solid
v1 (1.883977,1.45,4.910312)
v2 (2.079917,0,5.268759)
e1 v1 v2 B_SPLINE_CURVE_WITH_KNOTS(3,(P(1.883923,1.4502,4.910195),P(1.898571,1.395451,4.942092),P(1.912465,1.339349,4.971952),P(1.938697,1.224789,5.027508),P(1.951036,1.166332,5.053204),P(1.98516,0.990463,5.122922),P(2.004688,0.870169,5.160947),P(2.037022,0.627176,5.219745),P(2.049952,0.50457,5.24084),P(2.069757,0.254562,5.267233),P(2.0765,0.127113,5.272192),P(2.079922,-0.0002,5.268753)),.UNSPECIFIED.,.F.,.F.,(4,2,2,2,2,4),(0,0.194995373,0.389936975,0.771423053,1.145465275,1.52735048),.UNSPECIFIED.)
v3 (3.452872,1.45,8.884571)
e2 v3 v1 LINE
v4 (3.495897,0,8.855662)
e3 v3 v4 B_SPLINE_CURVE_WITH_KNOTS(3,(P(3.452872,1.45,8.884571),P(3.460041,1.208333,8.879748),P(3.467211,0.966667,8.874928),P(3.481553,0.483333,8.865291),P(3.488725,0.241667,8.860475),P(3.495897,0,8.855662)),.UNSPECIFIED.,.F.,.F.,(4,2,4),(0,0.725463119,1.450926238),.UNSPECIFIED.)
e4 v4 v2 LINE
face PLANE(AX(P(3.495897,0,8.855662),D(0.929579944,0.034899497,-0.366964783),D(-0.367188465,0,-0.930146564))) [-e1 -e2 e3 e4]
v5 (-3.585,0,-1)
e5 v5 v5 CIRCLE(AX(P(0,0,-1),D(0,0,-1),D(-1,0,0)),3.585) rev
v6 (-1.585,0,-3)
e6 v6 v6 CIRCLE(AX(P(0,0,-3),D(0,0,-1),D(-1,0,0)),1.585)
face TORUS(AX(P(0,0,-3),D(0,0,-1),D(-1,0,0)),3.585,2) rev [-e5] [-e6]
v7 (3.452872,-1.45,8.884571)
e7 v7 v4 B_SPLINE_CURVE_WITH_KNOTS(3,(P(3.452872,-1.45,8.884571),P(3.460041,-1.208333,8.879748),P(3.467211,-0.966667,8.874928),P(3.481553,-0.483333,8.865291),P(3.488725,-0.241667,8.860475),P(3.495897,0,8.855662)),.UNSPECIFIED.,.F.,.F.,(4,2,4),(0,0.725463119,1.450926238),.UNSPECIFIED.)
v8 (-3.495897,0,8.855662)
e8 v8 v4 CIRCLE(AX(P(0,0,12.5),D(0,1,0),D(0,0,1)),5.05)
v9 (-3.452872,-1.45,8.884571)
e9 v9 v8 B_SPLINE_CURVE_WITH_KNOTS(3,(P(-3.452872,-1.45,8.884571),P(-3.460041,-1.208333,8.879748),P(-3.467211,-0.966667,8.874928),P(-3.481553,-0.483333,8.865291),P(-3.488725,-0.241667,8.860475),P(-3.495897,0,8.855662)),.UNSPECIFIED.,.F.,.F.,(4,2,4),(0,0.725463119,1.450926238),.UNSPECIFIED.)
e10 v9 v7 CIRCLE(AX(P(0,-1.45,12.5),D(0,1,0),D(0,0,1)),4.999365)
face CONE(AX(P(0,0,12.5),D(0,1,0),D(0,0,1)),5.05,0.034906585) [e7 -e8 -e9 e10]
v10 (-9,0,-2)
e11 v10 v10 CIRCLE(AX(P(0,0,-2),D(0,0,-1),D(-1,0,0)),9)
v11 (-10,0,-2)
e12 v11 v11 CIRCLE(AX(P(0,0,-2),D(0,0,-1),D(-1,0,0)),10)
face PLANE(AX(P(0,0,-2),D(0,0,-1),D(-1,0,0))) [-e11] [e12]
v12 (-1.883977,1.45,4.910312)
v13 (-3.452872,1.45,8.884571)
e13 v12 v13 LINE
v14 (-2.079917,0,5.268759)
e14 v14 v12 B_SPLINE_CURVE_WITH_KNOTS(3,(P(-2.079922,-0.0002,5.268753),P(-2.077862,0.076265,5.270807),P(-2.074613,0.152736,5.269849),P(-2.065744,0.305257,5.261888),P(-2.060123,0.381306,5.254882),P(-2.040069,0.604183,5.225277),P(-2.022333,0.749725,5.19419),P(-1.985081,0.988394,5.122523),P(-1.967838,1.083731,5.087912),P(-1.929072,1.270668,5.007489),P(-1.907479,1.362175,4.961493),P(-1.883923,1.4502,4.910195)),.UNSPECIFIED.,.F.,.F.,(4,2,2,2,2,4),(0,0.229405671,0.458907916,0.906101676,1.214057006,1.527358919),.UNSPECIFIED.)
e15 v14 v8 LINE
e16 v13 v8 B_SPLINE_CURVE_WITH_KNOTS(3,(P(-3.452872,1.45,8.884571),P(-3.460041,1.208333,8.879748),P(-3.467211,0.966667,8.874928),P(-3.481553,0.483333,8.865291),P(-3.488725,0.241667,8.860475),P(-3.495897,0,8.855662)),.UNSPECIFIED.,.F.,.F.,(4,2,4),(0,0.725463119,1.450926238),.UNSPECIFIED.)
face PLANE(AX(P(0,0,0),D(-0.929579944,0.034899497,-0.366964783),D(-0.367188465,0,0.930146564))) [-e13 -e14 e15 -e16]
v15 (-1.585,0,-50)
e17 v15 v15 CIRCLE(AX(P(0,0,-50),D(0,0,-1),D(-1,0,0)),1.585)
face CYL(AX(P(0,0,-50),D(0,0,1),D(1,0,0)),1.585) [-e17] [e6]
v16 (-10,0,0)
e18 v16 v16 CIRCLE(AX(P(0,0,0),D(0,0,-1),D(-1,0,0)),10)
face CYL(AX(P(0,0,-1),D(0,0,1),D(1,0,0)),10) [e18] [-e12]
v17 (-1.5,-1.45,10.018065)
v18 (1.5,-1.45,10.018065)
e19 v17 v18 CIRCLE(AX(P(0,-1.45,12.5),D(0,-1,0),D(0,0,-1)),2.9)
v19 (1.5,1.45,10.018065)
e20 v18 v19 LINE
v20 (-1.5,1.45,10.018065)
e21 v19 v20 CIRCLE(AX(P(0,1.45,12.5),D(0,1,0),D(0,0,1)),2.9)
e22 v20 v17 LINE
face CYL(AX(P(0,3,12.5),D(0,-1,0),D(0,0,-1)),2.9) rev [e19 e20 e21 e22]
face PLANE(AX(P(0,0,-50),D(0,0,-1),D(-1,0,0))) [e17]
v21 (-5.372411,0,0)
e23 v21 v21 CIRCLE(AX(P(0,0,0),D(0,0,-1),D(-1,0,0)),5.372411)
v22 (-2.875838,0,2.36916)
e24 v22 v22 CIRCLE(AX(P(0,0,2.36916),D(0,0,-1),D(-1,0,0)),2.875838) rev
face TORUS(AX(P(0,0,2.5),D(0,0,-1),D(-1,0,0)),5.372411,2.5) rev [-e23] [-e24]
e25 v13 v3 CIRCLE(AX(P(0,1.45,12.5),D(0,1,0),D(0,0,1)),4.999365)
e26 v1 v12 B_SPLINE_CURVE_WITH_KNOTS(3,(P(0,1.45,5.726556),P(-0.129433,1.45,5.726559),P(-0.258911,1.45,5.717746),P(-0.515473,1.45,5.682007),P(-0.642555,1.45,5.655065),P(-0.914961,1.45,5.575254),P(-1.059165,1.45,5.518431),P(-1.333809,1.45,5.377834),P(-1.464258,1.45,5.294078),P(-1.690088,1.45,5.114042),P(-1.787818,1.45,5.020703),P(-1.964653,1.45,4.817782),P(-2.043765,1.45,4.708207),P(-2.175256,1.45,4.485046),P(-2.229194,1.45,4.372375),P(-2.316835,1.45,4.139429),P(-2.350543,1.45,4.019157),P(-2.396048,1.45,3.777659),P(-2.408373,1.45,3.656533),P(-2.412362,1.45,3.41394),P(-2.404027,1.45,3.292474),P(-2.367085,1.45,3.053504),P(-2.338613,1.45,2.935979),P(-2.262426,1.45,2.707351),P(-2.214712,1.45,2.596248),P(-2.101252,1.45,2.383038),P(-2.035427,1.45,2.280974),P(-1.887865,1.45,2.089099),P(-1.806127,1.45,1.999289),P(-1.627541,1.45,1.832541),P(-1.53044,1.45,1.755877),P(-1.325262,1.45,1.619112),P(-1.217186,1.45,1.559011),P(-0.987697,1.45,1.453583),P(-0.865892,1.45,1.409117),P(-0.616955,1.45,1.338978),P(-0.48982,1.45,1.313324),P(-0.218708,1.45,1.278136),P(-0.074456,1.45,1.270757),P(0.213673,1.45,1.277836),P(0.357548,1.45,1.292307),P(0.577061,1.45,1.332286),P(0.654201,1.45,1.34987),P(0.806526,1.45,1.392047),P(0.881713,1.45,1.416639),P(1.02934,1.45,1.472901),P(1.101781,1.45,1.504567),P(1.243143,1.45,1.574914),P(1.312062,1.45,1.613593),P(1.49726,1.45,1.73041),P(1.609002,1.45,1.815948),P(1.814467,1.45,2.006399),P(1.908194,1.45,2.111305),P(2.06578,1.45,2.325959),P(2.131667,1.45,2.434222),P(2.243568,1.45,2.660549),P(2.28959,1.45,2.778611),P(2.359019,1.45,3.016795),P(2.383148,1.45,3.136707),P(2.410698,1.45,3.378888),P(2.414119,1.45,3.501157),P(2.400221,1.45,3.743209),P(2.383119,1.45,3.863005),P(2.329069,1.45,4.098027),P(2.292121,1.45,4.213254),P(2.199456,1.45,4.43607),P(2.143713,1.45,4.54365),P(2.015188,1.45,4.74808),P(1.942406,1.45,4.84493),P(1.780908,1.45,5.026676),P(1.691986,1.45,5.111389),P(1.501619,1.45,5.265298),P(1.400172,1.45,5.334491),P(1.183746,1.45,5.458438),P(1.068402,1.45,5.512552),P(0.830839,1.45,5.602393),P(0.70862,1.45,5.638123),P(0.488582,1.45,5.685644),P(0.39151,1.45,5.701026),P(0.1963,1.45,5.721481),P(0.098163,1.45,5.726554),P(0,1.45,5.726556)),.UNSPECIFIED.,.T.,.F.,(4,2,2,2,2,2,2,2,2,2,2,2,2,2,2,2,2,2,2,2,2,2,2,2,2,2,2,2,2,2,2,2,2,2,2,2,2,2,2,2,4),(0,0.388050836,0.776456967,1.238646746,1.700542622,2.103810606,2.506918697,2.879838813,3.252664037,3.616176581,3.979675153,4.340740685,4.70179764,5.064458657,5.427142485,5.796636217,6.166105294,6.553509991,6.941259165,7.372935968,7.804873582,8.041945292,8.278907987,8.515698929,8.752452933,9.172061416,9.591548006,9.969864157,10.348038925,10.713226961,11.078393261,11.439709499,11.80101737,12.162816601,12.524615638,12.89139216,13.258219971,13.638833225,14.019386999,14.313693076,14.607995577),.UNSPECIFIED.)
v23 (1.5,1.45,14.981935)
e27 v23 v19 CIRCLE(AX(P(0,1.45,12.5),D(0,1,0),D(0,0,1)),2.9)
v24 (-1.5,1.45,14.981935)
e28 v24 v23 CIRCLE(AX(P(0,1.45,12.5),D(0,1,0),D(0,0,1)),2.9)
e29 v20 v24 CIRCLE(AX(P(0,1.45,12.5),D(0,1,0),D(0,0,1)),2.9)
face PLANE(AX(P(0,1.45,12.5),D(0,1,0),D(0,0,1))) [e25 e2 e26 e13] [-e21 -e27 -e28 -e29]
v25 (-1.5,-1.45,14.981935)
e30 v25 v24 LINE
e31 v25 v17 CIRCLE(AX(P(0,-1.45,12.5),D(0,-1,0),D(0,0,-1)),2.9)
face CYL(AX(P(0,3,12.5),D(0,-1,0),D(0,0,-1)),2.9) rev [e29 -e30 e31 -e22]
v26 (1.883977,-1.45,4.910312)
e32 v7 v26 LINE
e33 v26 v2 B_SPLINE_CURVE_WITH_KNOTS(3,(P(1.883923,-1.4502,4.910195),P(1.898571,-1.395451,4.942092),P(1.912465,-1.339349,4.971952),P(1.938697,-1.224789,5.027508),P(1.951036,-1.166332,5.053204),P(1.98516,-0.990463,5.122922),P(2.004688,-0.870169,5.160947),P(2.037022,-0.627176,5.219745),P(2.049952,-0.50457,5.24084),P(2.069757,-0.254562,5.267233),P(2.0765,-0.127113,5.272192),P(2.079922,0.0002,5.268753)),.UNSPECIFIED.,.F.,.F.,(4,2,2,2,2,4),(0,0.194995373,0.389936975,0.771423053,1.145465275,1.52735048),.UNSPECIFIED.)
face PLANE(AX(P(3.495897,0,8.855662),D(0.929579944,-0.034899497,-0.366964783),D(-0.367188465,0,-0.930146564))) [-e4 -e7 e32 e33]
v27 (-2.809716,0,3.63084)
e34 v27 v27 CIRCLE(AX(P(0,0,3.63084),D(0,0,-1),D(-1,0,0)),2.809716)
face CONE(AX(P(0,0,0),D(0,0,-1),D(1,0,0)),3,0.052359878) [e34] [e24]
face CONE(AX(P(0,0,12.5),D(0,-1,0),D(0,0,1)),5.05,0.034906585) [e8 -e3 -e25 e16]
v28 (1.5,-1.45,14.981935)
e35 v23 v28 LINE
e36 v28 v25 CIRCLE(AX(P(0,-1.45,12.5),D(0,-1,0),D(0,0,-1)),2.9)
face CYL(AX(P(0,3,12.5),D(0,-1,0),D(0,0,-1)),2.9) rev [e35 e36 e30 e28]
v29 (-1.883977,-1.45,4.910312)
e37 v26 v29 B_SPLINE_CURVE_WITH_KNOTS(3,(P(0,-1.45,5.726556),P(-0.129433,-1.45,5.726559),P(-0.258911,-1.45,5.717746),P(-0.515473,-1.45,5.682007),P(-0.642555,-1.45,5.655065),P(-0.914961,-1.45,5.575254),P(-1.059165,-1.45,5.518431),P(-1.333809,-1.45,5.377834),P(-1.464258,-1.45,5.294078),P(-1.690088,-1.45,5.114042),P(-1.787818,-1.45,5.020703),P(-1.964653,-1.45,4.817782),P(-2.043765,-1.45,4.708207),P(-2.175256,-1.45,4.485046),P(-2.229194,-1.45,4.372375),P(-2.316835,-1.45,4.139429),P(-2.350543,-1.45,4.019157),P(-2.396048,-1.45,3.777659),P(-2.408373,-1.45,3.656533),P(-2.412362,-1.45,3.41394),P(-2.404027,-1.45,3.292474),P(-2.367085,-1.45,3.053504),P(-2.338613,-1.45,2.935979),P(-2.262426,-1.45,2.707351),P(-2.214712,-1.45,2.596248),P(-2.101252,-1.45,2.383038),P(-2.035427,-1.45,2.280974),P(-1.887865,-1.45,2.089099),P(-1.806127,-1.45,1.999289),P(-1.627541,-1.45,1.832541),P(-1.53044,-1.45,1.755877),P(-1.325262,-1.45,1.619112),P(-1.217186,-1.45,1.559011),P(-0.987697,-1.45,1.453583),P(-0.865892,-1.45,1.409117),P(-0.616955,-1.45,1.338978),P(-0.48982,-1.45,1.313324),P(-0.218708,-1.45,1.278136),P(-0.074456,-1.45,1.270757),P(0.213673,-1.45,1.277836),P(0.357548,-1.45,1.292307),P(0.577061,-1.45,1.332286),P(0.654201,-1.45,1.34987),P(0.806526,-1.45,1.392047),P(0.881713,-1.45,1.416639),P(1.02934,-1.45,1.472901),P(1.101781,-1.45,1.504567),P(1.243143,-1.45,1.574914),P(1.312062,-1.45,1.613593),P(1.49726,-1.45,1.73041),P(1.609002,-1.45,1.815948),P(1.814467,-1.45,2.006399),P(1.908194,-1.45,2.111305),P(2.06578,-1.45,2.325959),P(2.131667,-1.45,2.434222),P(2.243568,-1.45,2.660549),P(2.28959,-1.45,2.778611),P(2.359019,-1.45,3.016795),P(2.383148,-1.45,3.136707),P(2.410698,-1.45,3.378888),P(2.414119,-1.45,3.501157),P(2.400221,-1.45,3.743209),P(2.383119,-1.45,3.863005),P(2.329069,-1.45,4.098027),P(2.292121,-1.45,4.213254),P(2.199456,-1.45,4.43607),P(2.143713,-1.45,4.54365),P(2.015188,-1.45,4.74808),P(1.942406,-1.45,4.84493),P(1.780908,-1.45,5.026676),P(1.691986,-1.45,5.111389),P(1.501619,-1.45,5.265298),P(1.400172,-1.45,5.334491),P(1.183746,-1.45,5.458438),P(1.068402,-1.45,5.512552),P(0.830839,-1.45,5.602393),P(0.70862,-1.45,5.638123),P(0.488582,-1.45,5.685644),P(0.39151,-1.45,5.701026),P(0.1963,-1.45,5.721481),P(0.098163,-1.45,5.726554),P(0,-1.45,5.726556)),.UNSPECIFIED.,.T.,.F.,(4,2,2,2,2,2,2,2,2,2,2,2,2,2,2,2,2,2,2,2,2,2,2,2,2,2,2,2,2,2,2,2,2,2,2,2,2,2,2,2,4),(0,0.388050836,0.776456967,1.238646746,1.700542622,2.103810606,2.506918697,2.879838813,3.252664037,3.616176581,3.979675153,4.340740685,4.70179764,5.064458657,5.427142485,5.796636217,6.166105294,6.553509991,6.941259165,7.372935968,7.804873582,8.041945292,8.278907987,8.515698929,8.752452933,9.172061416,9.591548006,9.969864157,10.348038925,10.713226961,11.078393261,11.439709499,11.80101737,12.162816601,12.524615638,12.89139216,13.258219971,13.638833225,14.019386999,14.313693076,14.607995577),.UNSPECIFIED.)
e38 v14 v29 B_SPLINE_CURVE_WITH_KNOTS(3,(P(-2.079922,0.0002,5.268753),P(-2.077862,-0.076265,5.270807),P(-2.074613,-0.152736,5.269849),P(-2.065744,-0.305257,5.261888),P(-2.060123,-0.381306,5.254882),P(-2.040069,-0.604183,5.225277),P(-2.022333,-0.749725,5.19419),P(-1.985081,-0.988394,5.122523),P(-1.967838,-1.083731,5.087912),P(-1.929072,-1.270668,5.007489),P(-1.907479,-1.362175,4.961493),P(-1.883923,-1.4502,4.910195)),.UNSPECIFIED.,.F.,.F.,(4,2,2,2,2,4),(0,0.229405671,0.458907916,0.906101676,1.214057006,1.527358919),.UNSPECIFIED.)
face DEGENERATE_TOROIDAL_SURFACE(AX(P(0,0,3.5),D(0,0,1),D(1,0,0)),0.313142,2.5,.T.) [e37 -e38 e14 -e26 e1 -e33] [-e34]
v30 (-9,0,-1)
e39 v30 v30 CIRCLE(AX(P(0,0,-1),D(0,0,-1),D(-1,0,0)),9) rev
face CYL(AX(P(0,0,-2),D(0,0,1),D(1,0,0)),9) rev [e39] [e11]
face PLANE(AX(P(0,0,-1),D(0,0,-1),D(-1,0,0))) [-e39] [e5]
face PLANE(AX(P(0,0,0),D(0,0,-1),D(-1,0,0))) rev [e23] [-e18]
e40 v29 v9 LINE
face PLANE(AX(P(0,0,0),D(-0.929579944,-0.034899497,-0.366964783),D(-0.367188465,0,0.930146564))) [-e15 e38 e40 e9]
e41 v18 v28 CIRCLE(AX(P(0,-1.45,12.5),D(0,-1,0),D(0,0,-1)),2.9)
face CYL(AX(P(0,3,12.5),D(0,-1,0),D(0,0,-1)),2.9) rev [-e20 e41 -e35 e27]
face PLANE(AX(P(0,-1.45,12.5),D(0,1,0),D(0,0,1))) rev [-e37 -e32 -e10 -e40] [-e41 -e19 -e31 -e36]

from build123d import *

# Parameters (mm, degrees)
SKETCH1_R                     = 3
BASE_EXTRUDE_DEPTH            = 6
BASE_EXTRUDE_TAPER            = 3
FILLET1_R                     = 2.5
BOSS_EXTRUDE1_DEPTH           = 1.45
BOSS_EXTRUDE1_TAPER           = 2
BOSS_EXTRUDE1_OTHER_WAY_DEPTH = 1.45
BOSS_EXTRUDE1_OTHER_WAY_TAPER = 2
SKETCH3_R                     = 2.9
CUT_EXTRUDE1_DEPTH            = 19.796475854
SKETCH4_R                     = 1.585
BOSS_EXTRUDE2_DEPTH           = 50
SKETCH5_R                     = 10
SKETCH5_R_2                   = 1.585
BOSS_EXTRUDE3_DEPTH           = 1
SKETCH11_R                    = 10
SKETCH11_R_2                  = 9
EXTRUDE1_DEPTH                = 1
FILLET5_R                     = 2.5
FILLET6_R                     = 2


with BuildPart() as part:
    # Sketch1 → Base-Extrude (new body)
    with BuildSketch(Plane.XY):
        Circle(SKETCH1_R)
    extrude(amount=BASE_EXTRUDE_DEPTH, taper=BASE_EXTRUDE_TAPER)

    # Fillet1
    fillet1_edges = [part.edges().sort_by_distance(p)[0] for p in [
        (-2.685553324, 0, 6),
    ]]
    fillet(fillet1_edges, radius=FILLET1_R)

    # Sketch2 → Boss-Extrude1 (add)
    with BuildSketch(Plane(origin=(0, 0, 0), x_dir=(1, 0, 0), z_dir=(0, 1, 0))):
        with BuildLine():
            Line((3.495897193, -8.85566154), (0, 0))
            Line((0, 0), (-3.495897193, -8.85566154))
            ThreePointArc((-3.495897193, -8.85566154), (0, -17.55), (3.495897193, -8.85566154))
        make_face()
    extrude(amount=BOSS_EXTRUDE1_DEPTH, taper=BOSS_EXTRUDE1_TAPER)

    # Sketch2 → Boss-Extrude1 other way (add)
    with BuildSketch(Plane(origin=(0, 0, 0), x_dir=(1, 0, 0), z_dir=(0, 1, 0))):
        with BuildLine():
            Line((3.495897193, -8.85566154), (0, 0))
            Line((0, 0), (-3.495897193, -8.85566154))
            ThreePointArc((-3.495897193, -8.85566154), (0, -17.55), (3.495897193, -8.85566154))
        make_face()
    extrude(amount=-BOSS_EXTRUDE1_OTHER_WAY_DEPTH, taper=BOSS_EXTRUDE1_OTHER_WAY_TAPER)

    # Sketch3 → Cut-Extrude1 (cut, through all)
    with BuildSketch(Plane.XZ.offset(1.45)):
        with Locations(Location((0, 12.5, 0), (0, 0, 270))):
            Circle(SKETCH3_R)
    extrude(amount=-CUT_EXTRUDE1_DEPTH, mode=Mode.SUBTRACT)

    # Sketch4 → Boss-Extrude2 (add)
    with BuildSketch(Plane(origin=(0, 0, 0), x_dir=(-1, 0, 0), z_dir=(0, 0, -1))):
        with Locations(Location((0, 0, 0), (0, 0, 180))):
            Circle(SKETCH4_R)
    extrude(amount=BOSS_EXTRUDE2_DEPTH)

    # Sketch5 → Boss-Extrude3 (add)
    with BuildSketch(Plane(origin=(0, 0, 0), x_dir=(-1, 0, 0), z_dir=(0, 0, -1))):
        Circle(SKETCH5_R)
        Circle(SKETCH5_R_2, mode=Mode.SUBTRACT)
    extrude(amount=BOSS_EXTRUDE3_DEPTH)

    # Sketch11 → Extrude1 (add)
    with BuildSketch(Plane(origin=(0, 0, -1), x_dir=(-1, 0, 0), z_dir=(0, 0, -1))):
        Circle(SKETCH11_R)
        Circle(SKETCH11_R_2, mode=Mode.SUBTRACT)
    extrude(amount=EXTRUDE1_DEPTH)

    # Fillet5
    fillet5_edges = [part.edges().sort_by_distance(p)[0] for p in [
        (-3, 0, 0),
    ]]
    fillet(fillet5_edges, radius=FILLET5_R)

    # Fillet6
    fillet6_edges = [part.edges().sort_by_distance(p)[0] for p in [
        (-1.585, 0, -1),
    ]]
    fillet(fillet6_edges, radius=FILLET6_R)


solid = part.part
